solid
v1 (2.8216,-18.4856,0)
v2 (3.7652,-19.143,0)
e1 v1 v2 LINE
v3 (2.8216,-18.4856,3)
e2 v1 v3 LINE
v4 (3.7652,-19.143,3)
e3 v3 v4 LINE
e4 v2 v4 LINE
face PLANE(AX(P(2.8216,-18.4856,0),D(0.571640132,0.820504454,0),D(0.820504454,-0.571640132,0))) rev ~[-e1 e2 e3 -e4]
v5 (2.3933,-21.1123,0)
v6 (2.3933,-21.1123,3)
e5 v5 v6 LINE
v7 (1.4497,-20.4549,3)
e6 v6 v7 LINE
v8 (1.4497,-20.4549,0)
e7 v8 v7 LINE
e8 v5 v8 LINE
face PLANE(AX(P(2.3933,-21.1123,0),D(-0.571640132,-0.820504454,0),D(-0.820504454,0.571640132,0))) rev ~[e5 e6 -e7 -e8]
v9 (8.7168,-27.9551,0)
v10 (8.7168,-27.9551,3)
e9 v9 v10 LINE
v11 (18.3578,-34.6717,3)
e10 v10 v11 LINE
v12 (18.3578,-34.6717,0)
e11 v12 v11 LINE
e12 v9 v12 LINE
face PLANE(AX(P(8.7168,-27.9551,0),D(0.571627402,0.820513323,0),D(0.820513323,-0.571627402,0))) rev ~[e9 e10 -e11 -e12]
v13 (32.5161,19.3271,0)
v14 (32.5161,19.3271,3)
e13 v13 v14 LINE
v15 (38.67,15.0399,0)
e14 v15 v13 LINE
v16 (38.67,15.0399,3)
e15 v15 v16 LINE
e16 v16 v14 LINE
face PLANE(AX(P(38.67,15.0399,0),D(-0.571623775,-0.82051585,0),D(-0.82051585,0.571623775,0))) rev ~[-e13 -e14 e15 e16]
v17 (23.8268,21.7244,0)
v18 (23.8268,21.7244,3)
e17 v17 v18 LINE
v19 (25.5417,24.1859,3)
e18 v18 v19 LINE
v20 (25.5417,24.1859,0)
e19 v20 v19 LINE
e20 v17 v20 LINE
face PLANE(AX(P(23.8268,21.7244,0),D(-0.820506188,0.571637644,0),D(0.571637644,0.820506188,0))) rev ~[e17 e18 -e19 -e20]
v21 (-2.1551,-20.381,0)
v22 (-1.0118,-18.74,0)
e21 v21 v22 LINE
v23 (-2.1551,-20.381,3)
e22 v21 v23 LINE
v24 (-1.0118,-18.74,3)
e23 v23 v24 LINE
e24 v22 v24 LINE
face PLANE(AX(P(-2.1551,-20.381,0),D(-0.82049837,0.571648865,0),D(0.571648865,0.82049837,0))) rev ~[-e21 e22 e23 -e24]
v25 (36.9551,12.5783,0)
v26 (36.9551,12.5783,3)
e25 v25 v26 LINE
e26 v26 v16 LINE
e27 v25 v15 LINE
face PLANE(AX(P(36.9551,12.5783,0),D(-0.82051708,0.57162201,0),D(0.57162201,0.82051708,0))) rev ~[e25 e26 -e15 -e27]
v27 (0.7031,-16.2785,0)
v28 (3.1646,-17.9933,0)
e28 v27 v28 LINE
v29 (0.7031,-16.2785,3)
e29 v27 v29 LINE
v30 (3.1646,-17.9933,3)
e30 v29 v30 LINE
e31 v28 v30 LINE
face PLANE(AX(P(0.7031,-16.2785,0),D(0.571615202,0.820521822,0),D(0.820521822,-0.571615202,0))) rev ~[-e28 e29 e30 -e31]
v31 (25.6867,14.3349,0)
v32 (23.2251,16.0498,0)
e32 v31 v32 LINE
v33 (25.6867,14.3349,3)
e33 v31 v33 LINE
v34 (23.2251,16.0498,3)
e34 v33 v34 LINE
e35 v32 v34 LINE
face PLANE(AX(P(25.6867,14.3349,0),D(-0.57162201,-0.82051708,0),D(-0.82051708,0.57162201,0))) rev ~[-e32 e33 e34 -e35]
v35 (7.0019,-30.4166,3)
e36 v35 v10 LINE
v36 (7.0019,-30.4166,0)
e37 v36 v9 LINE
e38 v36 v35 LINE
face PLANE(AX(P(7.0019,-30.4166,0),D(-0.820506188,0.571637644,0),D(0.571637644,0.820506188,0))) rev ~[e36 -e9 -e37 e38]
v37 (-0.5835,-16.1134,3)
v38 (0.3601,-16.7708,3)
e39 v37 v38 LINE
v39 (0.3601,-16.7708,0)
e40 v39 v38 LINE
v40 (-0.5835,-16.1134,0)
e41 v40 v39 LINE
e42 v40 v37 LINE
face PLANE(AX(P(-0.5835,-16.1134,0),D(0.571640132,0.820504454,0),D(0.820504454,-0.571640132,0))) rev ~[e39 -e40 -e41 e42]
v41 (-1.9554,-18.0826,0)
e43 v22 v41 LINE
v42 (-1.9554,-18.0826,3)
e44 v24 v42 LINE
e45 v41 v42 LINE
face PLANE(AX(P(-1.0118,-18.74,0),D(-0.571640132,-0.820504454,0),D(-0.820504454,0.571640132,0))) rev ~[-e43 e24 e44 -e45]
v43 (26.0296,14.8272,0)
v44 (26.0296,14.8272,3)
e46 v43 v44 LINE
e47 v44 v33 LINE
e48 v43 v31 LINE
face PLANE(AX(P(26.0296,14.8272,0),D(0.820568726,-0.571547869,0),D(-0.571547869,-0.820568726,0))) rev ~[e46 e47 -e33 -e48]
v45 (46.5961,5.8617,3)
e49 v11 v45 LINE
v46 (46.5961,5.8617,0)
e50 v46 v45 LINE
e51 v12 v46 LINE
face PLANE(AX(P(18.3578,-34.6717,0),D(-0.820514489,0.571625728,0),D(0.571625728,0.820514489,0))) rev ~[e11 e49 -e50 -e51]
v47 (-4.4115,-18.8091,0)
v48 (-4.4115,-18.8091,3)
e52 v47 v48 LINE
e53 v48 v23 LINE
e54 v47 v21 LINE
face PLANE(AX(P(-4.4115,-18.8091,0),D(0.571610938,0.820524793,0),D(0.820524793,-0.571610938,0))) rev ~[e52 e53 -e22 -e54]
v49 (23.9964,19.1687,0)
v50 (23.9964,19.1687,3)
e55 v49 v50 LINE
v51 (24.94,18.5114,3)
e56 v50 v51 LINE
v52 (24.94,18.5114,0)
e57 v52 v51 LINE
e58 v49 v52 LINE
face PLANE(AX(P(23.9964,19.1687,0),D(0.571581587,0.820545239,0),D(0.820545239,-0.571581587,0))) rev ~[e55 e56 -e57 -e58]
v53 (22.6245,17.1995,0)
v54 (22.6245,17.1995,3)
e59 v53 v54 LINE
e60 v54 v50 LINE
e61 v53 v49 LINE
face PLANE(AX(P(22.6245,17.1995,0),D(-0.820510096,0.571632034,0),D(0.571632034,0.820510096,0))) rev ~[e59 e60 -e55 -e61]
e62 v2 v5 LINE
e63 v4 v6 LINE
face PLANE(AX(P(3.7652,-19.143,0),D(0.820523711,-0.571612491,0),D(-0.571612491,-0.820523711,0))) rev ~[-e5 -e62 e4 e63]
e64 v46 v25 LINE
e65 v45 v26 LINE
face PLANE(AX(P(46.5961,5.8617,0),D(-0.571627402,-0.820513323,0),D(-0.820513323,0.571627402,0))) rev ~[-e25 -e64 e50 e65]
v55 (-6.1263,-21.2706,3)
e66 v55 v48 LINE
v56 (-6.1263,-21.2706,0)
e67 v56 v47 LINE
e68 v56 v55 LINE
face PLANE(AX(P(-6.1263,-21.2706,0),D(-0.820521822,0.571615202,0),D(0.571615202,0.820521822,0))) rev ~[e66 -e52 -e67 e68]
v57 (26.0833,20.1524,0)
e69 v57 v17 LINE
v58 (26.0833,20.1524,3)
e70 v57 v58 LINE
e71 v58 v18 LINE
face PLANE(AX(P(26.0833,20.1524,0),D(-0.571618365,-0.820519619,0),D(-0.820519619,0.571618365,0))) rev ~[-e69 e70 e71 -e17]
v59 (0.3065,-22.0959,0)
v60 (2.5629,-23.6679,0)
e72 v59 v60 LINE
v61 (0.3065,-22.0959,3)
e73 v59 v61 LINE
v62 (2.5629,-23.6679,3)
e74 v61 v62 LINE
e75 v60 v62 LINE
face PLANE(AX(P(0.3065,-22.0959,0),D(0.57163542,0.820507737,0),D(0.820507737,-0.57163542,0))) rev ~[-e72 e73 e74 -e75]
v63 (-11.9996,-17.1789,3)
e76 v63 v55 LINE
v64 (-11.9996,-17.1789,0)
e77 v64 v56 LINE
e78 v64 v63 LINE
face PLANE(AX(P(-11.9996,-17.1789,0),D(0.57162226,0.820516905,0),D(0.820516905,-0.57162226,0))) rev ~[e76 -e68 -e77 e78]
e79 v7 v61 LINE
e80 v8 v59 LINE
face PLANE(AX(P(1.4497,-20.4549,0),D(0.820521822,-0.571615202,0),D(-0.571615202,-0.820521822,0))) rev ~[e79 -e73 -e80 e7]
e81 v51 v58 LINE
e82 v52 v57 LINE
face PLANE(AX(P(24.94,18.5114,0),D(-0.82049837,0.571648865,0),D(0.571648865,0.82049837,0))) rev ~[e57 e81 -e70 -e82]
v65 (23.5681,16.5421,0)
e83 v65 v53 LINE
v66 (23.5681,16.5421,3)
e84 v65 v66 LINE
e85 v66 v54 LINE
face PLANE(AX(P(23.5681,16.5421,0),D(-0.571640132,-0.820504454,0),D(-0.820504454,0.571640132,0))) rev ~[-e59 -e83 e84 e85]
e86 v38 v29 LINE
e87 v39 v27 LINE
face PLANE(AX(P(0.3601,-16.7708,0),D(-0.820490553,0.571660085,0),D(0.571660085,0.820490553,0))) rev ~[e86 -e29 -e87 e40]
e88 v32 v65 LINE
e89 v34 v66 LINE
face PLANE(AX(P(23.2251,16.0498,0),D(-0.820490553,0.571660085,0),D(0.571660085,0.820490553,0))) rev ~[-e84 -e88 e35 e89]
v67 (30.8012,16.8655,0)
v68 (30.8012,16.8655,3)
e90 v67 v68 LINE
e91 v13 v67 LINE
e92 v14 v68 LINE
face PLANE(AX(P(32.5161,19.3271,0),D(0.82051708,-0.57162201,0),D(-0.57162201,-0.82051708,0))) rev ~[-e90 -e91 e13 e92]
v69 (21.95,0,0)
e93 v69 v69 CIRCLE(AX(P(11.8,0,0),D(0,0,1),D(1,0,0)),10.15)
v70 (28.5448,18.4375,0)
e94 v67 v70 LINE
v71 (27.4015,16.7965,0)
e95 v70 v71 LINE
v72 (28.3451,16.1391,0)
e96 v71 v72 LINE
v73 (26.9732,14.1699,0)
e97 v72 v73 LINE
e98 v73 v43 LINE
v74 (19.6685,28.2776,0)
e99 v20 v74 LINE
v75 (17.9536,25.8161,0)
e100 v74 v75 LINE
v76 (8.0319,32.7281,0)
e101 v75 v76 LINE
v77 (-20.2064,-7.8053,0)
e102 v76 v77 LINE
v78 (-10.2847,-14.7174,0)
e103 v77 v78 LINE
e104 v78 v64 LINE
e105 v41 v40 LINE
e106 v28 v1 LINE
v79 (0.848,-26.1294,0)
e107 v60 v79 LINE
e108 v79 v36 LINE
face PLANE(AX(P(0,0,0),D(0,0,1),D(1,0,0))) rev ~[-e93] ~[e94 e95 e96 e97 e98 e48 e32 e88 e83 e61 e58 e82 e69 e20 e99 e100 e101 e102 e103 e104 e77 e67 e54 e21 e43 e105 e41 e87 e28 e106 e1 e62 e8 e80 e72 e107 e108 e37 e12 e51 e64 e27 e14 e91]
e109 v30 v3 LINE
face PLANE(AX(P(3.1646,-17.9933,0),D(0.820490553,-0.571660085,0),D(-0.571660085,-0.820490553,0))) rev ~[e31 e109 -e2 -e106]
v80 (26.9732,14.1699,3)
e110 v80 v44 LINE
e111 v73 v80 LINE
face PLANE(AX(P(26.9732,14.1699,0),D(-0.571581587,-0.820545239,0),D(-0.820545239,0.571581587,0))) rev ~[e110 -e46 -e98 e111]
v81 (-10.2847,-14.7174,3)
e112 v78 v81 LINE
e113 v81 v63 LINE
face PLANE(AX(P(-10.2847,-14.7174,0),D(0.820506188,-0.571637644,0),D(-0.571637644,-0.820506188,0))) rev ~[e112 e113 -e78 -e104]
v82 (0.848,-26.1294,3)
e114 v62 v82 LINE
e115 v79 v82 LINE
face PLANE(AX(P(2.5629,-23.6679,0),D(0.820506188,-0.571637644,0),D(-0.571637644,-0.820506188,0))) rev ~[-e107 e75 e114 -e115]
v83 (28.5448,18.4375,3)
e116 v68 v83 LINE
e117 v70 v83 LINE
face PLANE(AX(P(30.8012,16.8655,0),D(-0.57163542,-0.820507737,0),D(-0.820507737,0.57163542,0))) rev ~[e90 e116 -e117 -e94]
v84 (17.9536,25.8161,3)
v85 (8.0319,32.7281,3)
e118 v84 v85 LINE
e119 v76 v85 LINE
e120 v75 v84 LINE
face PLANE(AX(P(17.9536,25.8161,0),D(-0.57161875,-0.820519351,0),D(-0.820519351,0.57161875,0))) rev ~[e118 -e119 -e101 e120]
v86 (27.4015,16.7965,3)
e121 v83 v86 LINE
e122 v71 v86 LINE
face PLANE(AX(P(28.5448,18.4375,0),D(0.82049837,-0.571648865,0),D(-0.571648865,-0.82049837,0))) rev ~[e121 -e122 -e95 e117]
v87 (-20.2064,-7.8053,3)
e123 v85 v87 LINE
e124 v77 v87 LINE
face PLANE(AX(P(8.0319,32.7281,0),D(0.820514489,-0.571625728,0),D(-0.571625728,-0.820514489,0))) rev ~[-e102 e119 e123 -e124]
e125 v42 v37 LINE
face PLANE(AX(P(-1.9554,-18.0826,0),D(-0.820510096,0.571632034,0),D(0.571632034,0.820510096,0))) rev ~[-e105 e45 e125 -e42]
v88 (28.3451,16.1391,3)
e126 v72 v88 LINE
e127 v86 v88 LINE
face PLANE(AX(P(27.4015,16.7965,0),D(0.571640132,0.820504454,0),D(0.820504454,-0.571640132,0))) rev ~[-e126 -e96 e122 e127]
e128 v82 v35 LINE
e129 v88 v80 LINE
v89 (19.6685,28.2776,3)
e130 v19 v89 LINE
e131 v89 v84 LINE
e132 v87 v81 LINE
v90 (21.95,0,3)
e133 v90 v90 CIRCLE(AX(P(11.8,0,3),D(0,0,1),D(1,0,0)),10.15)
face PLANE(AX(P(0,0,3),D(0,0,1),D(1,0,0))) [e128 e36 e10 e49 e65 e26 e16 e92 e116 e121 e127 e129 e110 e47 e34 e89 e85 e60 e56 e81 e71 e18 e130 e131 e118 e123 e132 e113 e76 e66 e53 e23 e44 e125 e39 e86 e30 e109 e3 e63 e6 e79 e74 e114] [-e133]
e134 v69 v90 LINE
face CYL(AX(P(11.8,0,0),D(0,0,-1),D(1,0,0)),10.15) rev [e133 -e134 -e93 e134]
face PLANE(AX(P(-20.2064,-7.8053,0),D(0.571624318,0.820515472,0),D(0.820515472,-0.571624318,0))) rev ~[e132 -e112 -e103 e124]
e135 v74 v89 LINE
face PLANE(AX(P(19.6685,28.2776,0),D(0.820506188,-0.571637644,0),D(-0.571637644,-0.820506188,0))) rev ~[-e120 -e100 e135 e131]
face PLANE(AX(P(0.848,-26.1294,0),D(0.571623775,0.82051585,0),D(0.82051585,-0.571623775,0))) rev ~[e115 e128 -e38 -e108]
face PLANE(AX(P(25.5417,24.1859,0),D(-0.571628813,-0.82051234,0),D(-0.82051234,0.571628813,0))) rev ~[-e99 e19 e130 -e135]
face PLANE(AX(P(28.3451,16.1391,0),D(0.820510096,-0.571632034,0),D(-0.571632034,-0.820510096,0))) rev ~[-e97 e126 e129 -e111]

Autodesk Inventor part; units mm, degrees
ref_plane "YZ Plane" through (0, 0, 0) normal (1, 0, 0) x (0, 1, 0)
ref_plane "XZ Plane" through (0, 0, 0) normal (0, 1, 0) x (-1, 0, 0)
ref_plane "XY Plane" through (0, 0, 0) normal (0, 0, 1) x (1, 0, 0)
sketch "Sketch1" plane through (0, 0, 0) normal (0, 0, 1) x (1, 0, 0)
  circle A0 centre (11.8, 0) radius 10.15 projected
  line L0 (0.848, -26.1294) -> (7.0019, -30.4166) projected
  line L1 (7.0019, -30.4166) -> (8.7168, -27.9551) projected
  line L2 (-11.9996, -17.1789) -> (-6.1263, -21.2706) projected
  line L3 (-6.1263, -21.2706) -> (-4.4115, -18.8091) projected
  line L4 (-4.4115, -18.8091) -> (-2.1551, -20.381) projected
  line L5 (-2.1551, -20.381) -> (-1.0118, -18.74) projected
  line L6 (-1.0118, -18.74) -> (-1.9554, -18.0826) projected
  line L7 (-1.9554, -18.0826) -> (-0.5835, -16.1134) projected
  line L8 (-0.5835, -16.1134) -> (0.3601, -16.7708) projected
  line L9 (0.3601, -16.7708) -> (0.7031, -16.2785) projected
  line L10 (0.7031, -16.2785) -> (3.1646, -17.9933) projected
  line L11 (3.1646, -17.9933) -> (2.8216, -18.4856) projected
  line L12 (2.8216, -18.4856) -> (3.7652, -19.143) projected
  line L13 (3.7652, -19.143) -> (2.3933, -21.1123) projected
  line L14 (2.3933, -21.1123) -> (1.4497, -20.4549) projected
  line L15 (1.4497, -20.4549) -> (0.3065, -22.0959) projected
  line L16 (0.3065, -22.0959) -> (2.5629, -23.6679) projected
  line L17 (2.5629, -23.6679) -> (0.848, -26.1294) projected
  line L18 (8.7168, -27.9551) -> (18.3578, -34.6717) projected
  line L19 (18.3578, -34.6717) -> (46.5961, 5.8617) projected
  line L20 (46.5961, 5.8617) -> (36.9551, 12.5783) projected
  line L21 (36.9551, 12.5783) -> (38.67, 15.0399) projected
  line L22 (38.67, 15.0399) -> (32.5161, 19.3271) projected
  line L23 (32.5161, 19.3271) -> (30.8012, 16.8655) projected
  line L24 (30.8012, 16.8655) -> (28.5448, 18.4375) projected
  line L25 (28.5448, 18.4375) -> (27.4015, 16.7965) projected
  line L26 (27.4015, 16.7965) -> (28.3451, 16.1391) projected
  line L27 (28.3451, 16.1391) -> (26.9732, 14.1699) projected
  line L28 (26.9732, 14.1699) -> (26.0296, 14.8272) projected
  line L29 (26.0296, 14.8272) -> (25.6867, 14.3349) projected
  line L30 (25.6867, 14.3349) -> (23.2251, 16.0498) projected
  line L31 (23.2251, 16.0498) -> (23.5681, 16.5421) projected
  line L32 (23.5681, 16.5421) -> (22.6245, 17.1995) projected
  line L33 (22.6245, 17.1995) -> (23.9964, 19.1687) projected
  line L34 (23.9964, 19.1687) -> (24.94, 18.5114) projected
  line L35 (24.94, 18.5114) -> (26.0833, 20.1524) projected
  line L36 (26.0833, 20.1524) -> (23.8268, 21.7244) projected
  line L37 (23.8268, 21.7244) -> (25.5417, 24.1859) projected
  line L38 (25.5417, 24.1859) -> (19.6685, 28.2776) projected
  line L39 (19.6685, 28.2776) -> (17.9536, 25.8161) projected
  line L40 (17.9536, 25.8161) -> (8.0319, 32.7281) projected
  line L41 (8.0319, 32.7281) -> (-20.2064, -7.8053) projected
  line L42 (-20.2064, -7.8053) -> (-10.2847, -14.7174) projected
  line L43 (-10.2847, -14.7174) -> (-11.9996, -17.1789) projected
  point P0 (0, 0)
extrude "Extrusion1" add sketch "Sketch1" along normal blind 3
